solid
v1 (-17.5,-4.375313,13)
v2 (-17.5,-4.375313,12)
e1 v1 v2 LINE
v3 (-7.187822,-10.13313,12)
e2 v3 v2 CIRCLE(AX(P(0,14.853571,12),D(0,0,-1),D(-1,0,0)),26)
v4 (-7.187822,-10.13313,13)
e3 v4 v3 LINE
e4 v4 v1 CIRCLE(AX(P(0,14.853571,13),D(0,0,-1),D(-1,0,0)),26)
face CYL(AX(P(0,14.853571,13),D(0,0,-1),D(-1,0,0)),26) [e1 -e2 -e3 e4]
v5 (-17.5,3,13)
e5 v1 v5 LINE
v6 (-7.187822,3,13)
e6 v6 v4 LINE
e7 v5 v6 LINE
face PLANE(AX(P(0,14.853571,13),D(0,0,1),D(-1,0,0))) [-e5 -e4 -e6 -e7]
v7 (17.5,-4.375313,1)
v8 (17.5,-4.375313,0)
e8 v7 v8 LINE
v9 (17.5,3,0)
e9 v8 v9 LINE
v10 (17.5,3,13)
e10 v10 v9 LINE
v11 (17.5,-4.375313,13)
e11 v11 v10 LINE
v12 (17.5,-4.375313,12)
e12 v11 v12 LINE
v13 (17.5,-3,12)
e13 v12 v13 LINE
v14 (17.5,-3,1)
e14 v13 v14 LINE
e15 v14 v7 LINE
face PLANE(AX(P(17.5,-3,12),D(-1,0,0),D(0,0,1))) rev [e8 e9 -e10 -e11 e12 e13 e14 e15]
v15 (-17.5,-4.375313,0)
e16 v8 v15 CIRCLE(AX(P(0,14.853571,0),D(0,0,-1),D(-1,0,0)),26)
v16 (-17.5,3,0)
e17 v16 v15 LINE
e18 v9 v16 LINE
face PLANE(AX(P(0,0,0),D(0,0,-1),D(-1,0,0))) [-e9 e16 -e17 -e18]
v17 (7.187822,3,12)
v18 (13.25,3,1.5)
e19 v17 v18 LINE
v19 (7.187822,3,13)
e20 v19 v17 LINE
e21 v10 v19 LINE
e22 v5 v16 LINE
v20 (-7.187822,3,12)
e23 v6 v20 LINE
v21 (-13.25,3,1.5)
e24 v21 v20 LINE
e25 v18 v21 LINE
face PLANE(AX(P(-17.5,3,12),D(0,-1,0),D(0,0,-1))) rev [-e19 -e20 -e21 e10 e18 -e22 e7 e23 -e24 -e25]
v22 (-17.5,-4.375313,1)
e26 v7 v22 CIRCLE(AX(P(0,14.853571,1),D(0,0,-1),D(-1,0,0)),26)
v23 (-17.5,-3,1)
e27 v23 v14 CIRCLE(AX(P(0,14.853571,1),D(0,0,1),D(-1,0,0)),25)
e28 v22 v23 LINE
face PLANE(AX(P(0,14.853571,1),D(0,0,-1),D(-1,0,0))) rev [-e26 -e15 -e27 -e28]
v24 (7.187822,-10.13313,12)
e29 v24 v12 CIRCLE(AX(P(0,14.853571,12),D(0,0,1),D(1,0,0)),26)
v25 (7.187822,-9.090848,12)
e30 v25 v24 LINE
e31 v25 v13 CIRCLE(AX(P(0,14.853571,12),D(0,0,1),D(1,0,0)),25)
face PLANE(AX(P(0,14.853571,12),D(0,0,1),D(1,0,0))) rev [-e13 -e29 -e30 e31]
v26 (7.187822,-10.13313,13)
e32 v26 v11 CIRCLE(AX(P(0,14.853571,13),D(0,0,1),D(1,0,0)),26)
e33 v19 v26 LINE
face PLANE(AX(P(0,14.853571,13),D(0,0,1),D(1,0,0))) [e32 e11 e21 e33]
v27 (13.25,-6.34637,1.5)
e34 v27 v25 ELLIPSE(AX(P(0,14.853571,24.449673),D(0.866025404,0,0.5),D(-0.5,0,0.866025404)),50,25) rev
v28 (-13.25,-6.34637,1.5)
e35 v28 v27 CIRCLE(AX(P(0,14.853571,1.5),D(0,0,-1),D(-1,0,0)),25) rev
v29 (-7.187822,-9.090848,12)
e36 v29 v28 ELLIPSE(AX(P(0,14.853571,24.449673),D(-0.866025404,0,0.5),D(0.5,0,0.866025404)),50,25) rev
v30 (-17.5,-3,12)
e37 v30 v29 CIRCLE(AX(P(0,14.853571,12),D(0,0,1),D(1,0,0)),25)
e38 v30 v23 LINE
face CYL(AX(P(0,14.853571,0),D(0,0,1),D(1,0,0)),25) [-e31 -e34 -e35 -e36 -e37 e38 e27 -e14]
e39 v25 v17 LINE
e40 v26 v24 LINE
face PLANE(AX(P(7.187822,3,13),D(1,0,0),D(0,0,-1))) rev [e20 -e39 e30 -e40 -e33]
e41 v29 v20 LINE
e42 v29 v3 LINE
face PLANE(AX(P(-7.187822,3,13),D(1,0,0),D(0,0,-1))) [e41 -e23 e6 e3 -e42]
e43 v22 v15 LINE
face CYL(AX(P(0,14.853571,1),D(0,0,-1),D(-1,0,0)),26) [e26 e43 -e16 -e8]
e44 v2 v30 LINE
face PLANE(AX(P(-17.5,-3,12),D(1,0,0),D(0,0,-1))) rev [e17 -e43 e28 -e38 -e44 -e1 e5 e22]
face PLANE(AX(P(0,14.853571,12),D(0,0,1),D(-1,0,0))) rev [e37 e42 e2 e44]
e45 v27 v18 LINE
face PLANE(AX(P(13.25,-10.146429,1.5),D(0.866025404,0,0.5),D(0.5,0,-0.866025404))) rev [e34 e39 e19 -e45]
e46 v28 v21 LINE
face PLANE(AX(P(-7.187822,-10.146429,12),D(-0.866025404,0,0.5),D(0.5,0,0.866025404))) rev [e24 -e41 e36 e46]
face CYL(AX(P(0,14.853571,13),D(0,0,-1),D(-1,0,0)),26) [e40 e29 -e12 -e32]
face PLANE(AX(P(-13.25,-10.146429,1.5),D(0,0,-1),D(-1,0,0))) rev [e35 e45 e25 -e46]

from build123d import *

# Parameters (mm, degrees)
SKETCH1_W            = 35
SKETCH1_H            = 6
BOSS_EXTRUDE1_DEPTH  = 12
BOSS_EXTRUDE2_DEPTH  = 12
SKETCH4_W            = 6
SKETCH4_H            = 13.146428929
CUT_EXTRUDE1_DEPTH   = 8
CUT_EXTRUDE2_DEPTH   = 8
LPATTERN2_COUNT      = 10
LPATTERN2_PITCH      = 2
MIRROR1_COPY_1_DEPTH = 8
MIRROR1_COPY_2_DEPTH = 8
MIRROR1_COPY_3_DEPTH = 8
MIRROR1_COPY_4_DEPTH = 8
MIRROR1_COPY_5_DEPTH = 8
MIRROR1_COPY_6_DEPTH = 8
MIRROR1_COPY_7_DEPTH = 8
MIRROR1_COPY_8_DEPTH = 8
MIRROR1_COPY_9_DEPTH = 8
CUT_EXTRUDE3_DEPTH   = 25.961542292
BOSS_EXTRUDE3_DEPTH  = 1
BOSS_EXTRUDE4_DEPTH  = 1


with BuildPart() as part:
    # Sketch1 → Boss-Extrude1 (new body)
    with BuildSketch(Plane.XY):
        Rectangle(SKETCH1_W, SKETCH1_H)
    extrude(amount=BOSS_EXTRUDE1_DEPTH)

    # Sketch2 → Boss-Extrude2 (add)
    with BuildSketch(Plane.XY.offset(12)):
        with BuildLine():
            Line((-17.5, -3), (17.5, -3))
            ThreePointArc((17.5, -3), (0, -10.146428929), (-17.5, -3))
        make_face()
    extrude(amount=-BOSS_EXTRUDE2_DEPTH)

    # Sketch4 → Cut-Extrude1 (cut)
    with BuildSketch(Plane.XY.offset(12)):
        with Locations((0, -3.573214465)):
            Rectangle(SKETCH4_W, SKETCH4_H)
    extrude(amount=-CUT_EXTRUDE1_DEPTH, mode=Mode.SUBTRACT)

    # Sketch5 → Cut-Extrude2 (cut)
    with BuildSketch(Plane.XY.offset(12)):
        with BuildLine():
            Line((3, 2), (3, 4))
            ThreePointArc((3, 4), (3.084360941, 3.705850588), (3.311797753, 3.501123596))
            ThreePointArc((3.311797753, 3.501123596), (3.461937846, 3.442388286), (3.619565217, 3.408543109))
            ThreePointArc((3.619565217, 3.408543109), (3.712771412, 3.358731646), (3.75, 3.259824575))
            Line((3.75, 3.259824575), (3.75, 2.740175425))
            ThreePointArc((3.75, 2.740175425), (3.712771412, 2.641268354), (3.619565217, 2.591456891))
            ThreePointArc((3.619565217, 2.591456891), (3.461937846, 2.557611714), (3.311797753, 2.498876404))
            ThreePointArc((3.311797753, 2.498876404), (3.084360941, 2.294149412), (3, 2))
        make_face()
    cut_extrude2 = extrude(amount=-CUT_EXTRUDE2_DEPTH, mode=Mode.SUBTRACT)

    # LPattern2: Cut-Extrude2 ×10
    with Locations(*[(0, -i * LPATTERN2_PITCH, 0) for i in range(1, LPATTERN2_COUNT)]):
        add(cut_extrude2, mode=Mode.SUBTRACT)

    # Mirror1: Cut-Extrude2 across plane
    add(cut_extrude2.mirror(Plane(origin=(0, 0, 0), x_dir=(0, 0, 1), z_dir=(1, 0, 0))), mode=Mode.SUBTRACT)

    # Mirror1 copy 1 sketch → Mirror1 copy 1 (cut)
    with BuildSketch(Plane(origin=(0, -2, 12), x_dir=(-1, 0, 0), z_dir=(0, 0, 1))):
        with BuildLine():
            Line((3, -2), (3, -4))
            ThreePointArc((3, -4), (3.084360941, -3.705850588), (3.311797753, -3.501123596))
            ThreePointArc((3.311797753, -3.501123596), (3.461937846, -3.442388286), (3.619565217, -3.408543109))
            ThreePointArc((3.619565217, -3.408543109), (3.712771412, -3.358731646), (3.75, -3.259824575))
            Line((3.75, -3.259824575), (3.75, -2.740175425))
            ThreePointArc((3.75, -2.740175425), (3.712771412, -2.641268354), (3.619565217, -2.591456891))
            ThreePointArc((3.619565217, -2.591456891), (3.461937846, -2.557611714), (3.311797753, -2.498876404))
            ThreePointArc((3.311797753, -2.498876404), (3.084360941, -2.294149412), (3, -2))
        make_face()
    extrude(amount=-MIRROR1_COPY_1_DEPTH, mode=Mode.SUBTRACT)

    # Mirror1 copy 2 sketch → Mirror1 copy 2 (cut)
    with BuildSketch(Plane(origin=(0, -4, 12), x_dir=(-1, 0, 0), z_dir=(0, 0, 1))):
        with BuildLine():
            Line((3, -2), (3, -4))
            ThreePointArc((3, -4), (3.084360941, -3.705850588), (3.311797753, -3.501123596))
            ThreePointArc((3.311797753, -3.501123596), (3.461937846, -3.442388286), (3.619565217, -3.408543109))
            ThreePointArc((3.619565217, -3.408543109), (3.712771412, -3.358731646), (3.75, -3.259824575))
            Line((3.75, -3.259824575), (3.75, -2.740175425))
            ThreePointArc((3.75, -2.740175425), (3.712771412, -2.641268354), (3.619565217, -2.591456891))
            ThreePointArc((3.619565217, -2.591456891), (3.461937846, -2.557611714), (3.311797753, -2.498876404))
            ThreePointArc((3.311797753, -2.498876404), (3.084360941, -2.294149412), (3, -2))
        make_face()
    extrude(amount=-MIRROR1_COPY_2_DEPTH, mode=Mode.SUBTRACT)

    # Mirror1 copy 3 sketch → Mirror1 copy 3 (cut)
    with BuildSketch(Plane(origin=(0, -6, 12), x_dir=(-1, 0, 0), z_dir=(0, 0, 1))):
        with BuildLine():
            Line((3, -2), (3, -4))
            ThreePointArc((3, -4), (3.084360941, -3.705850588), (3.311797753, -3.501123596))
            ThreePointArc((3.311797753, -3.501123596), (3.461937846, -3.442388286), (3.619565217, -3.408543109))
            ThreePointArc((3.619565217, -3.408543109), (3.712771412, -3.358731646), (3.75, -3.259824575))
            Line((3.75, -3.259824575), (3.75, -2.740175425))
            ThreePointArc((3.75, -2.740175425), (3.712771412, -2.641268354), (3.619565217, -2.591456891))
            ThreePointArc((3.619565217, -2.591456891), (3.461937846, -2.557611714), (3.311797753, -2.498876404))
            ThreePointArc((3.311797753, -2.498876404), (3.084360941, -2.294149412), (3, -2))
        make_face()
    extrude(amount=-MIRROR1_COPY_3_DEPTH, mode=Mode.SUBTRACT)

    # Mirror1 copy 4 sketch → Mirror1 copy 4 (cut)
    with BuildSketch(Plane(origin=(0, -8, 12), x_dir=(-1, 0, 0), z_dir=(0, 0, 1))):
        with BuildLine():
            Line((3, -2), (3, -4))
            ThreePointArc((3, -4), (3.084360941, -3.705850588), (3.311797753, -3.501123596))
            ThreePointArc((3.311797753, -3.501123596), (3.461937846, -3.442388286), (3.619565217, -3.408543109))
            ThreePointArc((3.619565217, -3.408543109), (3.712771412, -3.358731646), (3.75, -3.259824575))
            Line((3.75, -3.259824575), (3.75, -2.740175425))
            ThreePointArc((3.75, -2.740175425), (3.712771412, -2.641268354), (3.619565217, -2.591456891))
            ThreePointArc((3.619565217, -2.591456891), (3.461937846, -2.557611714), (3.311797753, -2.498876404))
            ThreePointArc((3.311797753, -2.498876404), (3.084360941, -2.294149412), (3, -2))
        make_face()
    extrude(amount=-MIRROR1_COPY_4_DEPTH, mode=Mode.SUBTRACT)

    # Mirror1 copy 5 sketch → Mirror1 copy 5 (cut)
    with BuildSketch(Plane(origin=(0, -10, 12), x_dir=(-1, 0, 0), z_dir=(0, 0, 1))):
        with BuildLine():
            Line((3, -2), (3, -4))
            ThreePointArc((3, -4), (3.084360941, -3.705850588), (3.311797753, -3.501123596))
            ThreePointArc((3.311797753, -3.501123596), (3.461937846, -3.442388286), (3.619565217, -3.408543109))
            ThreePointArc((3.619565217, -3.408543109), (3.712771412, -3.358731646), (3.75, -3.259824575))
            Line((3.75, -3.259824575), (3.75, -2.740175425))
            ThreePointArc((3.75, -2.740175425), (3.712771412, -2.641268354), (3.619565217, -2.591456891))
            ThreePointArc((3.619565217, -2.591456891), (3.461937846, -2.557611714), (3.311797753, -2.498876404))
            ThreePointArc((3.311797753, -2.498876404), (3.084360941, -2.294149412), (3, -2))
        make_face()
    extrude(amount=-MIRROR1_COPY_5_DEPTH, mode=Mode.SUBTRACT)

    # Mirror1 copy 6 sketch → Mirror1 copy 6 (cut)
    with BuildSketch(Plane(origin=(0, -12, 12), x_dir=(-1, 0, 0), z_dir=(0, 0, 1))):
        with BuildLine():
            Line((3, -2), (3, -4))
            ThreePointArc((3, -4), (3.084360941, -3.705850588), (3.311797753, -3.501123596))
            ThreePointArc((3.311797753, -3.501123596), (3.461937846, -3.442388286), (3.619565217, -3.408543109))
            ThreePointArc((3.619565217, -3.408543109), (3.712771412, -3.358731646), (3.75, -3.259824575))
            Line((3.75, -3.259824575), (3.75, -2.740175425))
            ThreePointArc((3.75, -2.740175425), (3.712771412, -2.641268354), (3.619565217, -2.591456891))
            ThreePointArc((3.619565217, -2.591456891), (3.461937846, -2.557611714), (3.311797753, -2.498876404))
            ThreePointArc((3.311797753, -2.498876404), (3.084360941, -2.294149412), (3, -2))
        make_face()
    extrude(amount=-MIRROR1_COPY_6_DEPTH, mode=Mode.SUBTRACT)

    # Mirror1 copy 7 sketch → Mirror1 copy 7 (cut)
    with BuildSketch(Plane(origin=(0, -14, 12), x_dir=(-1, 0, 0), z_dir=(0, 0, 1))):
        with BuildLine():
            Line((3, -2), (3, -4))
            ThreePointArc((3, -4), (3.084360941, -3.705850588), (3.311797753, -3.501123596))
            ThreePointArc((3.311797753, -3.501123596), (3.461937846, -3.442388286), (3.619565217, -3.408543109))
            ThreePointArc((3.619565217, -3.408543109), (3.712771412, -3.358731646), (3.75, -3.259824575))
            Line((3.75, -3.259824575), (3.75, -2.740175425))
            ThreePointArc((3.75, -2.740175425), (3.712771412, -2.641268354), (3.619565217, -2.591456891))
            ThreePointArc((3.619565217, -2.591456891), (3.461937846, -2.557611714), (3.311797753, -2.498876404))
            ThreePointArc((3.311797753, -2.498876404), (3.084360941, -2.294149412), (3, -2))
        make_face()
    extrude(amount=-MIRROR1_COPY_7_DEPTH, mode=Mode.SUBTRACT)

    # Mirror1 copy 8 sketch → Mirror1 copy 8 (cut)
    with BuildSketch(Plane(origin=(0, -16, 12), x_dir=(-1, 0, 0), z_dir=(0, 0, 1))):
        with BuildLine():
            Line((3, -2), (3, -4))
            ThreePointArc((3, -4), (3.084360941, -3.705850588), (3.311797753, -3.501123596))
            ThreePointArc((3.311797753, -3.501123596), (3.461937846, -3.442388286), (3.619565217, -3.408543109))
            ThreePointArc((3.619565217, -3.408543109), (3.712771412, -3.358731646), (3.75, -3.259824575))
            Line((3.75, -3.259824575), (3.75, -2.740175425))
            ThreePointArc((3.75, -2.740175425), (3.712771412, -2.641268354), (3.619565217, -2.591456891))
            ThreePointArc((3.619565217, -2.591456891), (3.461937846, -2.557611714), (3.311797753, -2.498876404))
            ThreePointArc((3.311797753, -2.498876404), (3.084360941, -2.294149412), (3, -2))
        make_face()
    extrude(amount=-MIRROR1_COPY_8_DEPTH, mode=Mode.SUBTRACT)

    # Mirror1 copy 9 sketch → Mirror1 copy 9 (cut)
    with BuildSketch(Plane(origin=(0, -18, 12), x_dir=(-1, 0, 0), z_dir=(0, 0, 1))):
        with BuildLine():
            Line((3, -2), (3, -4))
            ThreePointArc((3, -4), (3.084360941, -3.705850588), (3.311797753, -3.501123596))
            ThreePointArc((3.311797753, -3.501123596), (3.461937846, -3.442388286), (3.619565217, -3.408543109))
            ThreePointArc((3.619565217, -3.408543109), (3.712771412, -3.358731646), (3.75, -3.259824575))
            Line((3.75, -3.259824575), (3.75, -2.740175425))
            ThreePointArc((3.75, -2.740175425), (3.712771412, -2.641268354), (3.619565217, -2.591456891))
            ThreePointArc((3.619565217, -2.591456891), (3.461937846, -2.557611714), (3.311797753, -2.498876404))
            ThreePointArc((3.311797753, -2.498876404), (3.084360941, -2.294149412), (3, -2))
        make_face()
    extrude(amount=-MIRROR1_COPY_9_DEPTH, mode=Mode.SUBTRACT)

    # Sketch6 → Cut-Extrude3 (cut, through all)
    with BuildSketch(Plane(origin=(0, 3, 0), x_dir=(1, 0, 0), z_dir=(0, 1, 0))):
        Polygon((7.187822174, -12), (-7.187822174, -12), (-13.25, -1.5), (13.25, -1.5), align=None)
    extrude(amount=-CUT_EXTRUDE3_DEPTH, mode=Mode.SUBTRACT)

    # Sketch7 → Boss-Extrude3 (add)
    with BuildSketch(Plane.XY.offset(12)):
        with BuildLine():
            Line((17.5, 3), (7.187822174, 3))
            Line((7.187822174, 3), (7.187822174, -10.133129639))
            ThreePointArc((7.187822174, -10.133129639), (12.675182552, -7.847524657), (17.5, -4.375313452))
            Line((17.5, -4.375313452), (17.5, 3))
        make_face()
    boss_extrude3 = extrude(amount=BOSS_EXTRUDE3_DEPTH)

    # Mirror2: Boss-Extrude3 across plane
    add(boss_extrude3.mirror(Plane(origin=(0, 0, 0), x_dir=(0, 0, 1), z_dir=(1, 0, 0))))

    # Sketch8 → Boss-Extrude4 (add)
    with BuildSketch(Plane(origin=(0, 0, 0), x_dir=(-1, 0, 0), z_dir=(0, 0, -1))):
        with BuildLine():
            Line((17.5, -4.375313452), (17.5, -3))
            ThreePointArc((17.5, -3), (0, -10.146428929), (-17.5, -3))
            Line((-17.5, -3), (-17.5, -4.375313452))
            ThreePointArc((-17.5, -4.375313452), (0, -11.146428929), (17.5, -4.375313452))
        make_face()
    extrude(amount=-BOSS_EXTRUDE4_DEPTH)


solid = part.part
